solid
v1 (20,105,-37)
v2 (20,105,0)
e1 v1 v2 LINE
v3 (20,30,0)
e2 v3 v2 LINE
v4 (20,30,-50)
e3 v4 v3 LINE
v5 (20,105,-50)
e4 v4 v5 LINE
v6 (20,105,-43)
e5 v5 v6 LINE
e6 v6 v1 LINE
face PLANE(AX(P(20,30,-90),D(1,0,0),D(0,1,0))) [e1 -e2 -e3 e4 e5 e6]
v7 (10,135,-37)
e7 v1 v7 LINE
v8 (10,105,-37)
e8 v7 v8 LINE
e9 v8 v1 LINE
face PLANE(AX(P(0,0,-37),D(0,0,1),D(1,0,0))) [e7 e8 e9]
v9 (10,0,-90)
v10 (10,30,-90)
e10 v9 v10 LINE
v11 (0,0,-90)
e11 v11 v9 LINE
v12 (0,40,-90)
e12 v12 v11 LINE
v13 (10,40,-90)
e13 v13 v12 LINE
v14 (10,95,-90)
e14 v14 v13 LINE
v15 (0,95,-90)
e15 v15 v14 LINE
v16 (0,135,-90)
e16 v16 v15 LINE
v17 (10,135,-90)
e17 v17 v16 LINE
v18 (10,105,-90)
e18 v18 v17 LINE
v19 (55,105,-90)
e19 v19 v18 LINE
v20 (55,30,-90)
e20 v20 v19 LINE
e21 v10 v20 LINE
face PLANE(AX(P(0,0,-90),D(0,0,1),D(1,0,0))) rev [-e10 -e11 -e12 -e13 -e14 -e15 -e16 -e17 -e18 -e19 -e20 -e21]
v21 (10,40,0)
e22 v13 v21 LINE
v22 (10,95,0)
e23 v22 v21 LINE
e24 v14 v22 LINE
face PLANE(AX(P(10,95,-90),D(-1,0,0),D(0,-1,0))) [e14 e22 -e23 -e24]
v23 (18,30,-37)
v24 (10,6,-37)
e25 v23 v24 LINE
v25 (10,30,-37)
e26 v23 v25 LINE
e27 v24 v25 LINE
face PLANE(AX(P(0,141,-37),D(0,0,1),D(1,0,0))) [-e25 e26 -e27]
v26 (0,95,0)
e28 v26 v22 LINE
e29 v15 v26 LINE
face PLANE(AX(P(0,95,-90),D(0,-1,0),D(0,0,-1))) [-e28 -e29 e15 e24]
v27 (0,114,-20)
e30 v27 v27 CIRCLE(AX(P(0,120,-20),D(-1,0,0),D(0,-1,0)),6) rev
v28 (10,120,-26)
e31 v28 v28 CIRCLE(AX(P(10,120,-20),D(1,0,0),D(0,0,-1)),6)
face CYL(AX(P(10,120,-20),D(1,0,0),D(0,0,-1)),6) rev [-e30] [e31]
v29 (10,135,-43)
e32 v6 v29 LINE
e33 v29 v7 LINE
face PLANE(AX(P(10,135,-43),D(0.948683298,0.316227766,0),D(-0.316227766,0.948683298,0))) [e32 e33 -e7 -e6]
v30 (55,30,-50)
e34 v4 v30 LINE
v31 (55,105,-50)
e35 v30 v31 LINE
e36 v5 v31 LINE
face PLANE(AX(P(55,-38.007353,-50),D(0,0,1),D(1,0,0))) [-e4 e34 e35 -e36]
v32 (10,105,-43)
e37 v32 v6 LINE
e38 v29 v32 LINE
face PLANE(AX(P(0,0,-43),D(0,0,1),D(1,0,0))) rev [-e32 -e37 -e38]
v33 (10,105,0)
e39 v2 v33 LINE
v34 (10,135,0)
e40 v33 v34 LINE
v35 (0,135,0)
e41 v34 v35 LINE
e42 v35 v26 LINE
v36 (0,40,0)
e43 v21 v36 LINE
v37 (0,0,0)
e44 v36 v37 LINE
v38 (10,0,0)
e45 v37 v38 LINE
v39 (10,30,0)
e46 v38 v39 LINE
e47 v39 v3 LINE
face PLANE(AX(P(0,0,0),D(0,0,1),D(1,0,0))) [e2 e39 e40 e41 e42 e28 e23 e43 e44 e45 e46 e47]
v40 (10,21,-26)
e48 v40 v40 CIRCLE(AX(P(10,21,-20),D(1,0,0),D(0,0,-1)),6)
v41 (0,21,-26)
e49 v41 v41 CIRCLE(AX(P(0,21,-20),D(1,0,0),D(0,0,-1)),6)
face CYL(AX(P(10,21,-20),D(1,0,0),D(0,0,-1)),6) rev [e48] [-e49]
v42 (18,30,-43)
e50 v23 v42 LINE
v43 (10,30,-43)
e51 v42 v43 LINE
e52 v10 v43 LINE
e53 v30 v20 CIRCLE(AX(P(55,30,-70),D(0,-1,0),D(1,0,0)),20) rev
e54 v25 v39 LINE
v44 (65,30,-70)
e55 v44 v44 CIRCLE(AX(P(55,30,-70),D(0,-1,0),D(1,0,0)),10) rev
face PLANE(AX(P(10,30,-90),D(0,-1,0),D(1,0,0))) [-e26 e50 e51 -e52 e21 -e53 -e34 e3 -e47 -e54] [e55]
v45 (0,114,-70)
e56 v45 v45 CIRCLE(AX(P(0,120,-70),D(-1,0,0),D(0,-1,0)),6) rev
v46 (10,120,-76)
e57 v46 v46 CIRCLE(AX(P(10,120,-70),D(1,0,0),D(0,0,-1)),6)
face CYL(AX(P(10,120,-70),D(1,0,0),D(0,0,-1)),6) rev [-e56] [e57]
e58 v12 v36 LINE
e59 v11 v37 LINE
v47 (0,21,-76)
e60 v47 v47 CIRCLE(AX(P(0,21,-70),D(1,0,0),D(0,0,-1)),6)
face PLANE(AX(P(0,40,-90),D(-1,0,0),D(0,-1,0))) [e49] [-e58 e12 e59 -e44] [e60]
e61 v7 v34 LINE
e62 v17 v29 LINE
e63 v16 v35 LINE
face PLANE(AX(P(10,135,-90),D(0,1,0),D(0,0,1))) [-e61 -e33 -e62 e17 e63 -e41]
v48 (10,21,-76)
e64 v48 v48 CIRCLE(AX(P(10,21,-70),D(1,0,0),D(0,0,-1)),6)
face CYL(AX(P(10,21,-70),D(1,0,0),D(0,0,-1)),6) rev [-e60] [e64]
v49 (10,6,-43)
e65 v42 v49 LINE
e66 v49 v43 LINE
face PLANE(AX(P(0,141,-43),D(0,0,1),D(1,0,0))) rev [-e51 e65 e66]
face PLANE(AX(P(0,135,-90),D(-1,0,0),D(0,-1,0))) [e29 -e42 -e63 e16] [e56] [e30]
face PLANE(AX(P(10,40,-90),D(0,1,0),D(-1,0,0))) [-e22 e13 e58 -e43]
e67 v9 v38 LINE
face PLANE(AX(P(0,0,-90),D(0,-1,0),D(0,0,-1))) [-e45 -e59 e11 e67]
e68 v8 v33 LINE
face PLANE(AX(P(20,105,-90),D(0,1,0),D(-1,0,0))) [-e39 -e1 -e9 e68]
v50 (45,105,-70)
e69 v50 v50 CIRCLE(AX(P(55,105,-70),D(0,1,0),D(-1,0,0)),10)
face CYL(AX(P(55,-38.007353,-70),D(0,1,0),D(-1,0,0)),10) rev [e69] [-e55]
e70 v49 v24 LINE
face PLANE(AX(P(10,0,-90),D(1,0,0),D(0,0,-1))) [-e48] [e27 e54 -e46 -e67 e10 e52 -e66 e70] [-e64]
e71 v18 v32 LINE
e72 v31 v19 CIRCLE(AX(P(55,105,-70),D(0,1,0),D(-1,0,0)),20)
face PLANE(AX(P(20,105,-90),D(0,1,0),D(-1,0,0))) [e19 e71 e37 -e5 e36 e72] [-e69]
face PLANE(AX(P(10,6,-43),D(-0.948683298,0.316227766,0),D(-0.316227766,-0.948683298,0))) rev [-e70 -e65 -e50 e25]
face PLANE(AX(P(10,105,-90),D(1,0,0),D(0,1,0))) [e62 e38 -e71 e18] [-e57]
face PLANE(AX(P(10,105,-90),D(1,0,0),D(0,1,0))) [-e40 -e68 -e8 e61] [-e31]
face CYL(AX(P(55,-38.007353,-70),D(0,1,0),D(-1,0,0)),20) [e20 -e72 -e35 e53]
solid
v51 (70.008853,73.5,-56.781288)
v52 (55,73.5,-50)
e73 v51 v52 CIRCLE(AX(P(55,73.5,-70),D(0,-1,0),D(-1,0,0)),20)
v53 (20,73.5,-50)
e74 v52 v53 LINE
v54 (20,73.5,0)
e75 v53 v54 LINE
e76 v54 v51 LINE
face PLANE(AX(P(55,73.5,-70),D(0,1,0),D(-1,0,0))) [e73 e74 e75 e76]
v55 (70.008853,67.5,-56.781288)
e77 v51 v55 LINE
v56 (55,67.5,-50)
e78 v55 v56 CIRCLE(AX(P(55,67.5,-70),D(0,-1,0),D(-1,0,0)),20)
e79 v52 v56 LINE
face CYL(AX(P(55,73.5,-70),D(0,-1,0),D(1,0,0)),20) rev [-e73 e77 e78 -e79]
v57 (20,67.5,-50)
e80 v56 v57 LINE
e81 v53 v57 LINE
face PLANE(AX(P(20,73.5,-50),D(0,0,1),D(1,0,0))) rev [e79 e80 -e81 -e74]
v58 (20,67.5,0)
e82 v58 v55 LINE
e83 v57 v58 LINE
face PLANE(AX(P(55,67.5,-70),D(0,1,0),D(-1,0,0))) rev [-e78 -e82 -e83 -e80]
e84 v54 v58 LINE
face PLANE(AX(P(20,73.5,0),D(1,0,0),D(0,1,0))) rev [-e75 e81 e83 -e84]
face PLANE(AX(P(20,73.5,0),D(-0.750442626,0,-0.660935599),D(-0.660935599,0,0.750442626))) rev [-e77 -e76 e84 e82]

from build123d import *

# Parameters (mm, degrees)
Y_KSEKLIK_EKSTR_ZYON1_DEPTH    = 90
IZIM3_R                        = 10
Y_KSEKLIK_EKSTR_ZYON2_DEPTH    = 75
Y_KSEKLIK_EKSTR_ZYON3_START    = -37.5
Y_KSEKLIK_EKSTR_ZYON3_DEPTH    = 6
Y_KSEKLIK_EKSTR_ZYON4_START    = -37
Y_KSEKLIK_EKSTR_ZYON4_DEPTH    = 6
F_12_0_12_AP_DELIK1_AT_2_COUNT = 2
F_12_0_12_AP_DELIK1_AT_2_PITCH = 50


with BuildPart() as part:
    # Çizim2 → Yükseklik-Ekstrüzyon1 (new body)
    with BuildSketch(Plane.XY):
        Polygon((0, 0), (10, 0), (10, 30), (20, 30), (20, 105), (10, 105), (10, 135), (0, 135), (0, 95), (10, 95), (10, 40), (0, 40), align=None)
    extrude(amount=-Y_KSEKLIK_EKSTR_ZYON1_DEPTH)

    # Çizim3 → Yükseklik-Ekstrüzyon2 (add)
    with BuildSketch(Plane(origin=(0, 105, 0), x_dir=(1, 0, 0), z_dir=(0, 1, 0))):
        with BuildLine():
            Line((20, 90), (55, 90))
            ThreePointArc((55, 90), (75, 70), (55, 50))
            Line((55, 50), (20, 50))
            Line((20, 50), (20, 90))
        make_face()
        with Locations(Location((55, 70, 0), (0, 0, 180))):
            Circle(IZIM3_R, mode=Mode.SUBTRACT)
    extrude(amount=-Y_KSEKLIK_EKSTR_ZYON2_DEPTH)

    # Çizim7 → Yükseklik-Ekstrüzyon4 (add)
    with BuildSketch(Plane.XY.offset(Y_KSEKLIK_EKSTR_ZYON4_START)):
        Polygon((10, 135), (20, 105), (10, 105), align=None)
    y_kseklik_ekstr_zyon4 = extrude(amount=-Y_KSEKLIK_EKSTR_ZYON4_DEPTH)

    # Aynalama5: Yükseklik-Ekstrüzyon4 across plane
    add(y_kseklik_ekstr_zyon4.mirror(Plane.ZX.offset(70.5)))

    # Çizim10 → Ø12.0 (12) Çap Delik1 (revolve, cut)
    with BuildSketch(Plane(origin=(10, 120, -20), x_dir=(0, 0, -1), z_dir=(0, 1, 0))):
        Polygon((0, 0), (0, 13.605163714), (6, 10), (6, 0), align=None)
    f_12_0_12_ap_delik1 = revolve(axis=Axis((16.35, 120, -20), (-1, 0, 0)), mode=Mode.SUBTRACT)

    # Ø12.0 (12) Çap Delik1 at 2: Ø12.0 (12) Çap Delik1 ×2
    with Locations(*[(0, 0, -i * F_12_0_12_AP_DELIK1_AT_2_PITCH) for i in range(1, F_12_0_12_AP_DELIK1_AT_2_COUNT)]):
        add(f_12_0_12_ap_delik1, mode=Mode.SUBTRACT)

    # Aynalama6: Ø12.0 (12) Çap Delik1 across plane
    add(f_12_0_12_ap_delik1.mirror(Plane.ZX.offset(70.5)), mode=Mode.SUBTRACT)

    # Aynalama6 copy 1 sketch → Aynalama6 copy 1 (revolve, cut)
    with BuildSketch(Plane(origin=(10, 21, -70), x_dir=(0, 0, -1), z_dir=(0, -1, 0))):
        Polygon((0, 0), (0, -13.605163714), (6, -10), (6, 0), align=None)
    revolve(axis=Axis((16.35, 21, -70), (1, 0, 0)), mode=Mode.SUBTRACT)


with BuildPart() as body_2:
    # Çizim5 → Yükseklik-Ekstrüzyon3 (new body)
    with BuildSketch(Plane(origin=(0, 105, 0), x_dir=(1, 0, 0), z_dir=(0, 1, 0)).offset(Y_KSEKLIK_EKSTR_ZYON3_START)):
        with BuildLine():
            Line((20, 0), (70.008852515, 56.781288028))
            ThreePointArc((70.008852515, 56.781288028), (63.234857636, 51.773998801), (55, 50))
            Line((55, 50), (20, 50))
            Line((20, 50), (20, 0))
        make_face()
    extrude(amount=Y_KSEKLIK_EKSTR_ZYON3_DEPTH)


solid = Compound([part.part, body_2.part])
